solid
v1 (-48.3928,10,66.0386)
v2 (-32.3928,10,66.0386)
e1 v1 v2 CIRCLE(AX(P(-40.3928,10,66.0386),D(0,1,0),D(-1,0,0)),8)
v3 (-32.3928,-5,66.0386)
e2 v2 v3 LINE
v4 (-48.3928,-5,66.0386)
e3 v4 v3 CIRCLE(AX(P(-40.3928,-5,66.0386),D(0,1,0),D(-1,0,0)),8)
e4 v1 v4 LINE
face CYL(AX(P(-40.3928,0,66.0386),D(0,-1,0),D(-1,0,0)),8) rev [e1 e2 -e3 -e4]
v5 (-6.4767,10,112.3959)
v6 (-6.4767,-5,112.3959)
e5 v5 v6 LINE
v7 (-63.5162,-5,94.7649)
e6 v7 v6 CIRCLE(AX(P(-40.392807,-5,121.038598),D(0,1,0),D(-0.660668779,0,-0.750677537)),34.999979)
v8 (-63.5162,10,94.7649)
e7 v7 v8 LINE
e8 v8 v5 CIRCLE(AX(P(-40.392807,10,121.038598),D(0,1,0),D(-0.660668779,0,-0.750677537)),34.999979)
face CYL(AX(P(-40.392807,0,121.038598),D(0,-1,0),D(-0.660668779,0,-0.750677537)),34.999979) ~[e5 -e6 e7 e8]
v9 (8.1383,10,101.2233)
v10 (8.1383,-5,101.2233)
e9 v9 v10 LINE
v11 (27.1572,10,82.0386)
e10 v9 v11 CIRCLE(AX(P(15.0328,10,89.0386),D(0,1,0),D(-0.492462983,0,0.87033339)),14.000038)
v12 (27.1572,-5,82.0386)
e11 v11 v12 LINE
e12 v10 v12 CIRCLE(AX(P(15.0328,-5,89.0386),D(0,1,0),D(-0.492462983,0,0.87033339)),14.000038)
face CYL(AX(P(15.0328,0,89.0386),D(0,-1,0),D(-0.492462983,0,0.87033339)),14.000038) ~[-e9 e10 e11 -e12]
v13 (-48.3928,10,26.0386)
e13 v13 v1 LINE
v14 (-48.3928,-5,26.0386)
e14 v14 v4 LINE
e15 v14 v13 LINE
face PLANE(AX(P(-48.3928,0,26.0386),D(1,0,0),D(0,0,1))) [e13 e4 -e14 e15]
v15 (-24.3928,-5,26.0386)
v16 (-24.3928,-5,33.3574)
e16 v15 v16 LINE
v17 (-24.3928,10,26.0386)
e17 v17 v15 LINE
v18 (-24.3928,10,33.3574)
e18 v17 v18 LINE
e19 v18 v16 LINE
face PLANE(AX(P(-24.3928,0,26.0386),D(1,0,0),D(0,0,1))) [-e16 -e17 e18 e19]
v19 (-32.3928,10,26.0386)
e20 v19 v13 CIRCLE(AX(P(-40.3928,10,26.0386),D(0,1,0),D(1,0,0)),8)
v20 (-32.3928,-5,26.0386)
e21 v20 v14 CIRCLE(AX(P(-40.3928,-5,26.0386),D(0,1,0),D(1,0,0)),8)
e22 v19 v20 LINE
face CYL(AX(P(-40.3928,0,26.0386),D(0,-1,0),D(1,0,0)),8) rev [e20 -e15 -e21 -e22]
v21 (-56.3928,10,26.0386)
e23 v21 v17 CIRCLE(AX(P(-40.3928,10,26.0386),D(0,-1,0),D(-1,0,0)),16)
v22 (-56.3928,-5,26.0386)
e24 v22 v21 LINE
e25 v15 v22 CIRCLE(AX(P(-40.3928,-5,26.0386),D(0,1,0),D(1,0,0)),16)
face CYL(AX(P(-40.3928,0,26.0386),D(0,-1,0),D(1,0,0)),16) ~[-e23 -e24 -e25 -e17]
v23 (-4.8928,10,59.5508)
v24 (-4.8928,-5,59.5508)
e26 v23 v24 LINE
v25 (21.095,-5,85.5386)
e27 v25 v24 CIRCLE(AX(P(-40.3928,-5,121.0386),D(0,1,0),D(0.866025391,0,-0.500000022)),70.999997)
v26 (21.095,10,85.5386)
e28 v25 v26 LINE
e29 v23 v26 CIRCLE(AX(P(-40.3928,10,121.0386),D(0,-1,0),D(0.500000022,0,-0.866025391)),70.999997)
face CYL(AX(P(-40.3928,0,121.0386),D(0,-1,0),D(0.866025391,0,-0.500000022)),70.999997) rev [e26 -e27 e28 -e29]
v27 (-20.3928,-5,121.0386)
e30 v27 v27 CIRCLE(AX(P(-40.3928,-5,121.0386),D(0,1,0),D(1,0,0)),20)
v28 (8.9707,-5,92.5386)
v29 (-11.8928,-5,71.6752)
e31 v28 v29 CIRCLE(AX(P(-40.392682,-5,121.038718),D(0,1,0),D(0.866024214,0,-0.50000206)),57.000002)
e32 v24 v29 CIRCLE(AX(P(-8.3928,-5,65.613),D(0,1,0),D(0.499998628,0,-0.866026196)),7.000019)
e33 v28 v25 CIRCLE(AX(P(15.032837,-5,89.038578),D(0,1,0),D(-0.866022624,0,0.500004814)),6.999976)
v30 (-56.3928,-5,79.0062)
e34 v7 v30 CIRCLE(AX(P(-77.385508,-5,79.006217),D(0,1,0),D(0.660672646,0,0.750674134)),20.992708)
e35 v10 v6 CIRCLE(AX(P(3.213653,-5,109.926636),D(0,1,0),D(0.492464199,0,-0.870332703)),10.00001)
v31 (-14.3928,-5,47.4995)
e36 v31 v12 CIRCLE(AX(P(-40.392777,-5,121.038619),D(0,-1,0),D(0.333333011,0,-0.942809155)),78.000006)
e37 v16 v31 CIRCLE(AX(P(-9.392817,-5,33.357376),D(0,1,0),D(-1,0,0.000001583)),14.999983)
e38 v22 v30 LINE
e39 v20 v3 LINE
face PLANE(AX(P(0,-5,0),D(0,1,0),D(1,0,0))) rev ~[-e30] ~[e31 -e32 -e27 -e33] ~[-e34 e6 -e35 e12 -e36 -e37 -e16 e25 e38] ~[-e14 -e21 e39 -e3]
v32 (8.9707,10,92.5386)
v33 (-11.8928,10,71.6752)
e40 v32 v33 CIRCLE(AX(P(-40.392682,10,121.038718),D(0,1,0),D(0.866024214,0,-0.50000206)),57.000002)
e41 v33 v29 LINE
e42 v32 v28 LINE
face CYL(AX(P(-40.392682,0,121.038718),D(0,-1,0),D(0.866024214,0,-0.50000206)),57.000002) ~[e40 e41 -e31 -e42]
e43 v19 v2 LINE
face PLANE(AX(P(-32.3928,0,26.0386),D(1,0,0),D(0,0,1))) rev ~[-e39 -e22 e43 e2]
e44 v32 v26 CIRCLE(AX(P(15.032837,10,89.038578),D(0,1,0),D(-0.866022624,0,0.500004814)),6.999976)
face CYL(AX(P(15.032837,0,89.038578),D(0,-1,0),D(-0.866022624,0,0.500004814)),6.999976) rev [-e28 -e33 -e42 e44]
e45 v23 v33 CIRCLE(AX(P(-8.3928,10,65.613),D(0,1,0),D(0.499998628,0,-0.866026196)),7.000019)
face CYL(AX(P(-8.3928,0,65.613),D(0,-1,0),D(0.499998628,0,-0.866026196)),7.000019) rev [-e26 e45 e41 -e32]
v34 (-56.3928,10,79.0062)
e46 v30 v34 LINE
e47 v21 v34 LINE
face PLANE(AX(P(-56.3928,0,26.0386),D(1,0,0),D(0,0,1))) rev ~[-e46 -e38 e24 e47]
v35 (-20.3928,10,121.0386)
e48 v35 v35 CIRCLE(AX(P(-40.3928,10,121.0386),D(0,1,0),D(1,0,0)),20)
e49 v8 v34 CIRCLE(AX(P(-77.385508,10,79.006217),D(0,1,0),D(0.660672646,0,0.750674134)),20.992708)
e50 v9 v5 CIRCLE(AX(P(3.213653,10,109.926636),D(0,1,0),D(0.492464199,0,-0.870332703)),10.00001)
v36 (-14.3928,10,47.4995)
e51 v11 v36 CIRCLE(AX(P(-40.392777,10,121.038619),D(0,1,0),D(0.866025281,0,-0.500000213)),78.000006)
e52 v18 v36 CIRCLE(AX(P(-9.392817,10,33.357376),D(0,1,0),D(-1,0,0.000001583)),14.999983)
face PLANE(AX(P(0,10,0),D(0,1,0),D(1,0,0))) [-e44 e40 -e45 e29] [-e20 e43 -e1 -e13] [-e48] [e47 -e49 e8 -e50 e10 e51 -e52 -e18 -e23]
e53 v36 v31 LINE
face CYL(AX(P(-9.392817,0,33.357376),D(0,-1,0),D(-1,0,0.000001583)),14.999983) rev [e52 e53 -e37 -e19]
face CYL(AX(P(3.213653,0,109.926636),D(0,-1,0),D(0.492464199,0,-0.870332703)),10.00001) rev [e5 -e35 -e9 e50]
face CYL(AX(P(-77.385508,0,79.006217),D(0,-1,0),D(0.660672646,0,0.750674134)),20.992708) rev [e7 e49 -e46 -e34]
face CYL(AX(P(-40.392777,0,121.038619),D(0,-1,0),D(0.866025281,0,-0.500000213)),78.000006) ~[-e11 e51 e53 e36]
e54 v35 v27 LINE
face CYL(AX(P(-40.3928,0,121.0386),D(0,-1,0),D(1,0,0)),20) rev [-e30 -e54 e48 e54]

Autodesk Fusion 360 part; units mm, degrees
sketch "草图1" plane through (0, 0, 0) normal (0, 1, 0) x (1, 0, 0)
  circle A0 centre (-40.3928, -121.0386) radius 20
  line L0 (-48.3928, -26.0386) -> (-48.3928, -66.0386)
  line L1 (-32.3928, -26.0386) -> (-32.3928, -66.0386)
  line L2 (-56.3928, -26.0386) -> (-56.3928, -79.0062)
  arc A1 (-63.5162, -94.7649) -> (-56.3928, -79.0062) centre (-77.3855, -79.0062) ccw
  line L3 (-24.3928, -26.0386) -> (-24.3928, -33.3574)
  arc A2 (21.095, -85.5386) -> (-4.8928, -59.5508) centre (-40.3928, -121.0386) ccw
  arc A3 (8.9707, -92.5386) -> (-11.8928, -71.6752) centre (-40.3928, -121.0386) ccw
  arc A4 (8.1383, -101.2233) -> (-6.4767, -112.3959) centre (3.2137, -109.9266) ccw
  line L4 (-28.27, -15.5965) -> (18.7059, -70.1334)
  arc A5 (27.1572, -82.0386) -> (-14.3928, -47.4995) centre (-40.3928, -121.0386) ccw
  arc A6 (-7.6667, -66.0386) -> (-8.3928, -65.613) centre (-40.3928, -121.0386) ccw
  line L5 (-8.6385, -66.0386) -> (-8.3928, -65.613)
  arc A7 (-4.8928, -59.5508) -> (-11.8928, -71.6752) centre (-8.3928, -65.613) ccw
  line L6 (4.5071, -66.0386) -> (4.9473, -66.0386)
  arc A8 (8.1383, -101.2233) -> (27.1572, -82.0386) centre (15.0328, -89.0386) ccw
  arc A9 (8.9707, -92.5386) -> (21.095, -85.5386) centre (15.0328, -89.0386) ccw
  arc A10 (-63.5162, -94.7649) -> (-6.4767, -112.3959) centre (-40.3928, -121.0386) ccw
  arc A11 (-48.3928, -66.0386) -> (-32.3928, -66.0386) centre (-40.3928, -66.0386) ccw
  arc A12 (-24.3928, -26.0386) -> (-56.3928, -26.0386) centre (-40.3928, -26.0386) ccw
  arc A13 (-32.3928, -26.0386) -> (-48.3928, -26.0386) centre (-40.3928, -26.0386) ccw
  arc A14 (-24.3928, -33.3574) -> (-14.3928, -47.4995) centre (-9.3928, -33.3574) ccw
  dimension "d3" = 40
  dimension "d4" = 70
  dimension "d5" = 95
  dimension "d6" = 16
  dimension "d7" = 32
  dimension "d9" = 16
  dimension "d11" = 142
  dimension "d12" = 114
  dimension "d15" = 14
  dimension "d16" = 14
  dimension "d17" = 28
  dimension "d18" = 20
  dimension "d19" = 156
  dimension "d20" = 30
sketch "草图2" plane through (11.3081, 0, 26.2456) normal (0, 1, 0) x (1, 0, 0)
extrude "拉伸1" add sketch "草图1" along normal blind 10 contours L2 A1 L3 A4 A5 A8 A10 A12 A14
sketch "草图3" plane through (0, 0, 0) normal (1, 0, 0) x (0, 0, -1)
extrude "拉伸2" add 1 faces at (-26.185, 0, 82.3657) along direction (0, -1, 0) blind 5
sketch "草图4" plane through (0, 10, 0) normal (0, 1, 0) x (-1, 0, 0)
  circle A0 centre (40.3928, 121.0386) radius 20
  arc A1 (32.3928, 26.0386) -> (48.3928, 26.0386) centre (40.3928, 26.0386) ccw
  line L0 (32.3928, 26.0386) -> (32.3928, 66.0386)
  arc A2 (48.3928, 66.0386) -> (32.3928, 66.0386) centre (40.3928, 66.0386) ccw
  line L1 (48.3928, 66.0386) -> (48.3928, 26.0386)
  arc A3 (-8.9707, 92.5386) -> (-21.095, 85.5386) centre (-15.0328, 89.0386) ccw
  arc A4 (-8.9707, 92.5386) -> (11.8928, 71.6752) centre (40.3928, 121.0386) ccw
  arc A5 (4.8928, 59.5508) -> (11.8928, 71.6752) centre (8.3928, 65.613) ccw
  arc A6 (-21.095, 85.5386) -> (4.8928, 59.5508) centre (40.3928, 121.0386) ccw
  arc A7 (24.3928, 26.0386) -> (56.3928, 26.0386) centre (40.3928, 26.0386) ccw
  line L2 (56.3928, 26.0386) -> (56.3928, 79.0062)
  arc A8 (63.5162, 94.7649) -> (56.3928, 79.0062) centre (77.3855, 79.0062) ccw
  arc A9 (63.5162, 94.7649) -> (6.4767, 112.3959) centre (40.3928, 121.0386) ccw
  arc A10 (-8.1383, 101.2233) -> (6.4767, 112.3959) centre (-3.2137, 109.9266) ccw
  arc A11 (-8.1383, 101.2233) -> (-27.1572, 82.0386) centre (-15.0328, 89.0386) ccw
  arc A12 (-27.1572, 82.0386) -> (14.3928, 47.4995) centre (40.3928, 121.0386) ccw
  arc A13 (24.3928, 33.3574) -> (14.3928, 47.4995) centre (9.3928, 33.3574) ccw
  line L3 (24.3928, 33.3574) -> (24.3928, 26.0386)
